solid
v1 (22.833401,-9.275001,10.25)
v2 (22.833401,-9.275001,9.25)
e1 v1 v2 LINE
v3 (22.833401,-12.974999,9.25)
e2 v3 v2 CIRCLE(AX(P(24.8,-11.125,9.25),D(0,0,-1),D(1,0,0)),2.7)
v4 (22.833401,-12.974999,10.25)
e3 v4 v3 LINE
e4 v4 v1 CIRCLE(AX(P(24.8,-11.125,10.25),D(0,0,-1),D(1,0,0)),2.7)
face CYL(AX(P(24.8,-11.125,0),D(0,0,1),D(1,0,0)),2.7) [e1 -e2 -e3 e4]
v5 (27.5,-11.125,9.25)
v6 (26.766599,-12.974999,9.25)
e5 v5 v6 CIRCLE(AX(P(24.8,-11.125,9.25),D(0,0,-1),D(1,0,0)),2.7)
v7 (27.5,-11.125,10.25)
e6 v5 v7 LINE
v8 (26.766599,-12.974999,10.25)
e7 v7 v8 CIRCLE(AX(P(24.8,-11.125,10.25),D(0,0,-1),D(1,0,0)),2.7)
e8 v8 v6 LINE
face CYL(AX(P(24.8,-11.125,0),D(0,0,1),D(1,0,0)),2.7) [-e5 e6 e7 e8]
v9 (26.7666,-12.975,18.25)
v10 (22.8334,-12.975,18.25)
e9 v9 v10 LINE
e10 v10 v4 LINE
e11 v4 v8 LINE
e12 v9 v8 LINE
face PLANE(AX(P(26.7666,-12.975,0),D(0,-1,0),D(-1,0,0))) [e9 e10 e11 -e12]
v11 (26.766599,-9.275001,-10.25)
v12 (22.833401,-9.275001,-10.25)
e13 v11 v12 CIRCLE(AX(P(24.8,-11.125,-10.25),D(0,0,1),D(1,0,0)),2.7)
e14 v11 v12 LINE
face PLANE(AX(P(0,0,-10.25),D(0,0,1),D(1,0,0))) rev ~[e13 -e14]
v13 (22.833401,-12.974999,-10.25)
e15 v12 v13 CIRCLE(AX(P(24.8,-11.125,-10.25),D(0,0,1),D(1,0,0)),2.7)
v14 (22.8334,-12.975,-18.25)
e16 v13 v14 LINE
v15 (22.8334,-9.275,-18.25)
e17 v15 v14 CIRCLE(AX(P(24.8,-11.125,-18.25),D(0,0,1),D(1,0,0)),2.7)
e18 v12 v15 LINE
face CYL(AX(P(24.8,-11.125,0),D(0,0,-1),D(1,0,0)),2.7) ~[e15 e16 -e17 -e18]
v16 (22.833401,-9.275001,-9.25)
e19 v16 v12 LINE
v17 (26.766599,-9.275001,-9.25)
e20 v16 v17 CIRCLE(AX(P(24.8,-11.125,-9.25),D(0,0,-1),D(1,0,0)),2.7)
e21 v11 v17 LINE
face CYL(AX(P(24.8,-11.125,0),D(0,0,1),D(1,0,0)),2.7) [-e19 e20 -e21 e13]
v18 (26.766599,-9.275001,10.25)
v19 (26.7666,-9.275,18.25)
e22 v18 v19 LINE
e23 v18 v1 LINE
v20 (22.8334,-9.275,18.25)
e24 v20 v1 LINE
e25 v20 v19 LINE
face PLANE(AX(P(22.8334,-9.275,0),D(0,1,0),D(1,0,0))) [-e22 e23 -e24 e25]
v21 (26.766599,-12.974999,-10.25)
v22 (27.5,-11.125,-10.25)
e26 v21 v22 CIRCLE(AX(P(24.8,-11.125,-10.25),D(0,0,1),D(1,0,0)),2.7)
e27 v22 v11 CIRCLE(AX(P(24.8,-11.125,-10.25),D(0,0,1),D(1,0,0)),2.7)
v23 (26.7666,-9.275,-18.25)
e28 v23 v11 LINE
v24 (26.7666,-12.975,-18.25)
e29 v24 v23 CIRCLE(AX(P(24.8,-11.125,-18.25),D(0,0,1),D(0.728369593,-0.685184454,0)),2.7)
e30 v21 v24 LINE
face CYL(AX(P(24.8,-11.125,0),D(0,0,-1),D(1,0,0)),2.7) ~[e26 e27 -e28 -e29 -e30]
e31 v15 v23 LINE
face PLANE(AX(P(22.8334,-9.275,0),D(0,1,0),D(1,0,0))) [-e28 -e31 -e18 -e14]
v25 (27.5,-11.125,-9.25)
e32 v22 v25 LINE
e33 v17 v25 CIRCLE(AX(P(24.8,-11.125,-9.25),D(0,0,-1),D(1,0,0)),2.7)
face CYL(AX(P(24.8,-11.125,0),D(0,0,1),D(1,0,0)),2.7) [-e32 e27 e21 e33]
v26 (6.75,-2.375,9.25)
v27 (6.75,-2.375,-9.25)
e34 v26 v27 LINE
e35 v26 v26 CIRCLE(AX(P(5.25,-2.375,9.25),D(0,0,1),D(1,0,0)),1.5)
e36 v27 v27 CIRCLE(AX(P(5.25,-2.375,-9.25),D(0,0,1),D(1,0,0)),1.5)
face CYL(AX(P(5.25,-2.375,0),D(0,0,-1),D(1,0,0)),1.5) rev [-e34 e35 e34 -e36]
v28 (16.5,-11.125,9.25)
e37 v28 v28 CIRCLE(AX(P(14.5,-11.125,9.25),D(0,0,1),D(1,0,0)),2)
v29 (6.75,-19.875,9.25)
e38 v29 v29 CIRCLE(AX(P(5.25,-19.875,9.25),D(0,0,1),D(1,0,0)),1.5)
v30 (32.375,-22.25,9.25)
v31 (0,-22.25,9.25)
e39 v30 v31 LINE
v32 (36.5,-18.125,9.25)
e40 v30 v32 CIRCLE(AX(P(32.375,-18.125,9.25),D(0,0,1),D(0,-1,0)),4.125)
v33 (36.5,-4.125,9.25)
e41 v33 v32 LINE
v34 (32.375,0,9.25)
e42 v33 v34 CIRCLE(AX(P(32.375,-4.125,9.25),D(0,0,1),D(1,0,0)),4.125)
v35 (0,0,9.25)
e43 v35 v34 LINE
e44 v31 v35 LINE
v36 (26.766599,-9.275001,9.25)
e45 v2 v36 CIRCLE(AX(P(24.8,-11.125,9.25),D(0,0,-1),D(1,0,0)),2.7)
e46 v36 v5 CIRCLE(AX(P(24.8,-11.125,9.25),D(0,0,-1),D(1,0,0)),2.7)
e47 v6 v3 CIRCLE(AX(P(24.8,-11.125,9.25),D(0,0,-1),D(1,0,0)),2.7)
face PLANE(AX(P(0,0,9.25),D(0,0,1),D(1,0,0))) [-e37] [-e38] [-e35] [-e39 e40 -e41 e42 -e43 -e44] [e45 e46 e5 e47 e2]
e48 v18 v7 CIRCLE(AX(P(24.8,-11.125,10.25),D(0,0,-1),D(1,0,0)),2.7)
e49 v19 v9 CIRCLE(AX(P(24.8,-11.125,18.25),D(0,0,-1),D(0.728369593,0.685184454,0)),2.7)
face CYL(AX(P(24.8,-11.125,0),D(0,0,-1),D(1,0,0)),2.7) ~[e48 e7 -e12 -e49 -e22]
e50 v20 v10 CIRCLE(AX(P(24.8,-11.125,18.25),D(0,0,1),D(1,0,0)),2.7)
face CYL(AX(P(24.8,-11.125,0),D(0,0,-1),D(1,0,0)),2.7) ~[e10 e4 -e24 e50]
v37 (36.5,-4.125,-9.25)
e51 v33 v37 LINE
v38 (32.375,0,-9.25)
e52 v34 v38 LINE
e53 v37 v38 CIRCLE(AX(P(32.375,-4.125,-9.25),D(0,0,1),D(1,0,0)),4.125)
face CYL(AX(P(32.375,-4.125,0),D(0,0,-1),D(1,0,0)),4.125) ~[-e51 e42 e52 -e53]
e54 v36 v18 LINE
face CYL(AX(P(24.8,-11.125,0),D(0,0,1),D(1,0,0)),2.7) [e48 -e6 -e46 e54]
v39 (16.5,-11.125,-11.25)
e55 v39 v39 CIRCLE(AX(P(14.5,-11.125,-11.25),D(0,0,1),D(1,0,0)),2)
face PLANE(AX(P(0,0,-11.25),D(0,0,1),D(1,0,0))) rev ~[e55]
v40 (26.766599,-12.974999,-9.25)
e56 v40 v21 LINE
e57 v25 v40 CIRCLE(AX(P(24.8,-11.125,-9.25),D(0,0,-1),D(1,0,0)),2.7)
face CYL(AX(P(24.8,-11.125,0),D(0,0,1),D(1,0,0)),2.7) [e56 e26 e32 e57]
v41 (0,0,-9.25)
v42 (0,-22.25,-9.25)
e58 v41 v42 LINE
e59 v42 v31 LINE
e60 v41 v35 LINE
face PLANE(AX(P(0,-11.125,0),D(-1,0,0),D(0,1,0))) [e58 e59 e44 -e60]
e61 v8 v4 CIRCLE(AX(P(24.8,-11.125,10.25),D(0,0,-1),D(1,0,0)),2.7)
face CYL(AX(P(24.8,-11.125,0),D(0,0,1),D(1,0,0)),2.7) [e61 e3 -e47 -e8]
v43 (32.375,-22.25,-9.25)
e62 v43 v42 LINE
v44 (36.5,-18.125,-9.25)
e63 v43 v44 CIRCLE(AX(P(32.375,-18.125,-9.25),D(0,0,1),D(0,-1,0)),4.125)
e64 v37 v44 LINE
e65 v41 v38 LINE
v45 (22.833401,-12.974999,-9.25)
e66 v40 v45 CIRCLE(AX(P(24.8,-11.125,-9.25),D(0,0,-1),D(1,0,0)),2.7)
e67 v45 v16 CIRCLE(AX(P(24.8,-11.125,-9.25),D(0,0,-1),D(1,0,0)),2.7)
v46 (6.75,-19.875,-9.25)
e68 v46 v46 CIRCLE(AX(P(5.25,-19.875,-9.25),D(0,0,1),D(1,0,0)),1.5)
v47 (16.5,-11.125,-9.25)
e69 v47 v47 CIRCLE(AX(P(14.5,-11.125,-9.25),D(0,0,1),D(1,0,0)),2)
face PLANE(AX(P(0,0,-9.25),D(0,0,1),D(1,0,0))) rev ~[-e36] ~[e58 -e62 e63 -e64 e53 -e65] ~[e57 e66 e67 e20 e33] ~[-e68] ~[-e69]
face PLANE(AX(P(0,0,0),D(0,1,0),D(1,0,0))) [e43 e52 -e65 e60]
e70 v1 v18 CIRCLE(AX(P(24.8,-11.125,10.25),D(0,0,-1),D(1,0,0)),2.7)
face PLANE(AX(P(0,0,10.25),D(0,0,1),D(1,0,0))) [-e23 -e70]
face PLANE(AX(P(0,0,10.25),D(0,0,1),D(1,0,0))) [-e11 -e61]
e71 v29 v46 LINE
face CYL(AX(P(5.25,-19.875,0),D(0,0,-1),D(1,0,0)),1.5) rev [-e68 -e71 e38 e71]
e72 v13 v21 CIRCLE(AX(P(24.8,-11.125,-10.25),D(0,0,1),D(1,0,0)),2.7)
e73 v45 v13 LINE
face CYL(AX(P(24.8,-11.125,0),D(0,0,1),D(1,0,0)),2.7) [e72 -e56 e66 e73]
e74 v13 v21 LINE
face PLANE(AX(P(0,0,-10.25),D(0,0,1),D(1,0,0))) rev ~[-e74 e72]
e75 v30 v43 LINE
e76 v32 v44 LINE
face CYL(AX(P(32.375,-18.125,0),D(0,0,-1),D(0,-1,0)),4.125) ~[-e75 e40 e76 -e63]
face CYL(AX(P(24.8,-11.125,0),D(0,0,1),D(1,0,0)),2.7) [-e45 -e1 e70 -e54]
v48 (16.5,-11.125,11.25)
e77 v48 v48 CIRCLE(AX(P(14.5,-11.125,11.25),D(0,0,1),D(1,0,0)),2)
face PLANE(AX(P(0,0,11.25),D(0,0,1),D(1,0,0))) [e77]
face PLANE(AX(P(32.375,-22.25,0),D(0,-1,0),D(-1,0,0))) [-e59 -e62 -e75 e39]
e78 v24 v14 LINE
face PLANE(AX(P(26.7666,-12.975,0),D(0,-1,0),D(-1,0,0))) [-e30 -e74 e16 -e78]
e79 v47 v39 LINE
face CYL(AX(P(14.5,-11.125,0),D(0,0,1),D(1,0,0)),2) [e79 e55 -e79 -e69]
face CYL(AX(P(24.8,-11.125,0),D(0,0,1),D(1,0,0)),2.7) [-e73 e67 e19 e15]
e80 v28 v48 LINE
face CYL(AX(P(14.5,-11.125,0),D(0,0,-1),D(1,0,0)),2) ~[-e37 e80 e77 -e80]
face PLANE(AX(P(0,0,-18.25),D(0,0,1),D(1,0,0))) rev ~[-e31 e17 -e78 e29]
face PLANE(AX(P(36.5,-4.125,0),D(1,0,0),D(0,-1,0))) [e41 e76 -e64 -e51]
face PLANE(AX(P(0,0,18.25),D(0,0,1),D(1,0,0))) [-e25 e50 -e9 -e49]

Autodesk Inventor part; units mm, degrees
ref_plane "YZ Plane" through (0, 0, 0) normal (1, 0, 0) x (0, 1, 0)
ref_plane "XZ Plane" through (0, 0, 0) normal (0, 1, 0) x (-1, 0, 0)
ref_plane "XY Plane" through (0, 0, 0) normal (0, 0, 1) x (1, 0, 0)
sketch "Sketch1" plane through (0, 0, 0) normal (0, 0, 1) x (1, 0, 0)
  line L0 (0, 0) -> (32.375, 0)
  line L1 (36.5, 0) -> (36.5, -4.125)
  line L2 (36.5, -22.25) -> (0, -22.25)
  line L3 (0, -22.25) -> (0, -11.125)
  line L4 (0, -11.125) -> (36.5, -11.125) construction
  line L5 (0, -11.125) -> (0, 0)
  circle A0 centre (14.5, -11.125) radius 2
  circle A1 centre (5.25, -2.375) radius 1.5
  arc A2 (36.5, -4.125) -> (32.375, 0) centre (32.375, -4.125) ccw
  line L6 (32.375, 0) -> (36.5, 0)
  line L7 (36.5, -4.125) -> (36.5, -22.25)
  arc A3 (32.375, -22.25) -> (36.5, -18.125) centre (32.375, -18.125) ccw
  circle A4 centre (5.25, -19.875) radius 1.5
  circle A5 centre (24.8, -11.125) radius 2.7
  line L8 (22.8334, -9.275) -> (26.7666, -9.275)
  line L9 (26.7666, -12.975) -> (22.8334, -12.975)
  point P0 (36.5, -18.125)
  dimension "d6" = 4
  dimension "d8" = 3
  dimension "d11" = 5.25
  dimension "d12" = 22.25
  dimension "d13" = 8.75
  dimension "d16" = 14.5
  dimension "d17" = 14
  dimension "d18" = 36.5
  dimension "d19" = 3.7
  dimension "d28" = 5.4
  dimension "d29" = 11.7
extrude "Extrusion1" add sketch "Sketch1" along normal mid plane 18.5 contours L0 A2 L7 A3 L2 L3 L5
extrude "Extrusion2" add sketch "Sketch1" along normal mid plane 22.5 contours A0
extrude "Extrusion3" add sketch "Sketch1" along normal mid plane 20.5 contours A5 L9 L8 | L8 A5 | A5 L9
extrude "Extrusion4" add sketch "Sketch1" along normal mid plane 36.5 contours A5 L9 L8
sketch "Sketch2" plane through (0, -22.25, 9.25) normal (-1, 0, 0) x (0, 0, 1)
  point P0 (-9.25, 22.25)
properties part number "TT motor output"
